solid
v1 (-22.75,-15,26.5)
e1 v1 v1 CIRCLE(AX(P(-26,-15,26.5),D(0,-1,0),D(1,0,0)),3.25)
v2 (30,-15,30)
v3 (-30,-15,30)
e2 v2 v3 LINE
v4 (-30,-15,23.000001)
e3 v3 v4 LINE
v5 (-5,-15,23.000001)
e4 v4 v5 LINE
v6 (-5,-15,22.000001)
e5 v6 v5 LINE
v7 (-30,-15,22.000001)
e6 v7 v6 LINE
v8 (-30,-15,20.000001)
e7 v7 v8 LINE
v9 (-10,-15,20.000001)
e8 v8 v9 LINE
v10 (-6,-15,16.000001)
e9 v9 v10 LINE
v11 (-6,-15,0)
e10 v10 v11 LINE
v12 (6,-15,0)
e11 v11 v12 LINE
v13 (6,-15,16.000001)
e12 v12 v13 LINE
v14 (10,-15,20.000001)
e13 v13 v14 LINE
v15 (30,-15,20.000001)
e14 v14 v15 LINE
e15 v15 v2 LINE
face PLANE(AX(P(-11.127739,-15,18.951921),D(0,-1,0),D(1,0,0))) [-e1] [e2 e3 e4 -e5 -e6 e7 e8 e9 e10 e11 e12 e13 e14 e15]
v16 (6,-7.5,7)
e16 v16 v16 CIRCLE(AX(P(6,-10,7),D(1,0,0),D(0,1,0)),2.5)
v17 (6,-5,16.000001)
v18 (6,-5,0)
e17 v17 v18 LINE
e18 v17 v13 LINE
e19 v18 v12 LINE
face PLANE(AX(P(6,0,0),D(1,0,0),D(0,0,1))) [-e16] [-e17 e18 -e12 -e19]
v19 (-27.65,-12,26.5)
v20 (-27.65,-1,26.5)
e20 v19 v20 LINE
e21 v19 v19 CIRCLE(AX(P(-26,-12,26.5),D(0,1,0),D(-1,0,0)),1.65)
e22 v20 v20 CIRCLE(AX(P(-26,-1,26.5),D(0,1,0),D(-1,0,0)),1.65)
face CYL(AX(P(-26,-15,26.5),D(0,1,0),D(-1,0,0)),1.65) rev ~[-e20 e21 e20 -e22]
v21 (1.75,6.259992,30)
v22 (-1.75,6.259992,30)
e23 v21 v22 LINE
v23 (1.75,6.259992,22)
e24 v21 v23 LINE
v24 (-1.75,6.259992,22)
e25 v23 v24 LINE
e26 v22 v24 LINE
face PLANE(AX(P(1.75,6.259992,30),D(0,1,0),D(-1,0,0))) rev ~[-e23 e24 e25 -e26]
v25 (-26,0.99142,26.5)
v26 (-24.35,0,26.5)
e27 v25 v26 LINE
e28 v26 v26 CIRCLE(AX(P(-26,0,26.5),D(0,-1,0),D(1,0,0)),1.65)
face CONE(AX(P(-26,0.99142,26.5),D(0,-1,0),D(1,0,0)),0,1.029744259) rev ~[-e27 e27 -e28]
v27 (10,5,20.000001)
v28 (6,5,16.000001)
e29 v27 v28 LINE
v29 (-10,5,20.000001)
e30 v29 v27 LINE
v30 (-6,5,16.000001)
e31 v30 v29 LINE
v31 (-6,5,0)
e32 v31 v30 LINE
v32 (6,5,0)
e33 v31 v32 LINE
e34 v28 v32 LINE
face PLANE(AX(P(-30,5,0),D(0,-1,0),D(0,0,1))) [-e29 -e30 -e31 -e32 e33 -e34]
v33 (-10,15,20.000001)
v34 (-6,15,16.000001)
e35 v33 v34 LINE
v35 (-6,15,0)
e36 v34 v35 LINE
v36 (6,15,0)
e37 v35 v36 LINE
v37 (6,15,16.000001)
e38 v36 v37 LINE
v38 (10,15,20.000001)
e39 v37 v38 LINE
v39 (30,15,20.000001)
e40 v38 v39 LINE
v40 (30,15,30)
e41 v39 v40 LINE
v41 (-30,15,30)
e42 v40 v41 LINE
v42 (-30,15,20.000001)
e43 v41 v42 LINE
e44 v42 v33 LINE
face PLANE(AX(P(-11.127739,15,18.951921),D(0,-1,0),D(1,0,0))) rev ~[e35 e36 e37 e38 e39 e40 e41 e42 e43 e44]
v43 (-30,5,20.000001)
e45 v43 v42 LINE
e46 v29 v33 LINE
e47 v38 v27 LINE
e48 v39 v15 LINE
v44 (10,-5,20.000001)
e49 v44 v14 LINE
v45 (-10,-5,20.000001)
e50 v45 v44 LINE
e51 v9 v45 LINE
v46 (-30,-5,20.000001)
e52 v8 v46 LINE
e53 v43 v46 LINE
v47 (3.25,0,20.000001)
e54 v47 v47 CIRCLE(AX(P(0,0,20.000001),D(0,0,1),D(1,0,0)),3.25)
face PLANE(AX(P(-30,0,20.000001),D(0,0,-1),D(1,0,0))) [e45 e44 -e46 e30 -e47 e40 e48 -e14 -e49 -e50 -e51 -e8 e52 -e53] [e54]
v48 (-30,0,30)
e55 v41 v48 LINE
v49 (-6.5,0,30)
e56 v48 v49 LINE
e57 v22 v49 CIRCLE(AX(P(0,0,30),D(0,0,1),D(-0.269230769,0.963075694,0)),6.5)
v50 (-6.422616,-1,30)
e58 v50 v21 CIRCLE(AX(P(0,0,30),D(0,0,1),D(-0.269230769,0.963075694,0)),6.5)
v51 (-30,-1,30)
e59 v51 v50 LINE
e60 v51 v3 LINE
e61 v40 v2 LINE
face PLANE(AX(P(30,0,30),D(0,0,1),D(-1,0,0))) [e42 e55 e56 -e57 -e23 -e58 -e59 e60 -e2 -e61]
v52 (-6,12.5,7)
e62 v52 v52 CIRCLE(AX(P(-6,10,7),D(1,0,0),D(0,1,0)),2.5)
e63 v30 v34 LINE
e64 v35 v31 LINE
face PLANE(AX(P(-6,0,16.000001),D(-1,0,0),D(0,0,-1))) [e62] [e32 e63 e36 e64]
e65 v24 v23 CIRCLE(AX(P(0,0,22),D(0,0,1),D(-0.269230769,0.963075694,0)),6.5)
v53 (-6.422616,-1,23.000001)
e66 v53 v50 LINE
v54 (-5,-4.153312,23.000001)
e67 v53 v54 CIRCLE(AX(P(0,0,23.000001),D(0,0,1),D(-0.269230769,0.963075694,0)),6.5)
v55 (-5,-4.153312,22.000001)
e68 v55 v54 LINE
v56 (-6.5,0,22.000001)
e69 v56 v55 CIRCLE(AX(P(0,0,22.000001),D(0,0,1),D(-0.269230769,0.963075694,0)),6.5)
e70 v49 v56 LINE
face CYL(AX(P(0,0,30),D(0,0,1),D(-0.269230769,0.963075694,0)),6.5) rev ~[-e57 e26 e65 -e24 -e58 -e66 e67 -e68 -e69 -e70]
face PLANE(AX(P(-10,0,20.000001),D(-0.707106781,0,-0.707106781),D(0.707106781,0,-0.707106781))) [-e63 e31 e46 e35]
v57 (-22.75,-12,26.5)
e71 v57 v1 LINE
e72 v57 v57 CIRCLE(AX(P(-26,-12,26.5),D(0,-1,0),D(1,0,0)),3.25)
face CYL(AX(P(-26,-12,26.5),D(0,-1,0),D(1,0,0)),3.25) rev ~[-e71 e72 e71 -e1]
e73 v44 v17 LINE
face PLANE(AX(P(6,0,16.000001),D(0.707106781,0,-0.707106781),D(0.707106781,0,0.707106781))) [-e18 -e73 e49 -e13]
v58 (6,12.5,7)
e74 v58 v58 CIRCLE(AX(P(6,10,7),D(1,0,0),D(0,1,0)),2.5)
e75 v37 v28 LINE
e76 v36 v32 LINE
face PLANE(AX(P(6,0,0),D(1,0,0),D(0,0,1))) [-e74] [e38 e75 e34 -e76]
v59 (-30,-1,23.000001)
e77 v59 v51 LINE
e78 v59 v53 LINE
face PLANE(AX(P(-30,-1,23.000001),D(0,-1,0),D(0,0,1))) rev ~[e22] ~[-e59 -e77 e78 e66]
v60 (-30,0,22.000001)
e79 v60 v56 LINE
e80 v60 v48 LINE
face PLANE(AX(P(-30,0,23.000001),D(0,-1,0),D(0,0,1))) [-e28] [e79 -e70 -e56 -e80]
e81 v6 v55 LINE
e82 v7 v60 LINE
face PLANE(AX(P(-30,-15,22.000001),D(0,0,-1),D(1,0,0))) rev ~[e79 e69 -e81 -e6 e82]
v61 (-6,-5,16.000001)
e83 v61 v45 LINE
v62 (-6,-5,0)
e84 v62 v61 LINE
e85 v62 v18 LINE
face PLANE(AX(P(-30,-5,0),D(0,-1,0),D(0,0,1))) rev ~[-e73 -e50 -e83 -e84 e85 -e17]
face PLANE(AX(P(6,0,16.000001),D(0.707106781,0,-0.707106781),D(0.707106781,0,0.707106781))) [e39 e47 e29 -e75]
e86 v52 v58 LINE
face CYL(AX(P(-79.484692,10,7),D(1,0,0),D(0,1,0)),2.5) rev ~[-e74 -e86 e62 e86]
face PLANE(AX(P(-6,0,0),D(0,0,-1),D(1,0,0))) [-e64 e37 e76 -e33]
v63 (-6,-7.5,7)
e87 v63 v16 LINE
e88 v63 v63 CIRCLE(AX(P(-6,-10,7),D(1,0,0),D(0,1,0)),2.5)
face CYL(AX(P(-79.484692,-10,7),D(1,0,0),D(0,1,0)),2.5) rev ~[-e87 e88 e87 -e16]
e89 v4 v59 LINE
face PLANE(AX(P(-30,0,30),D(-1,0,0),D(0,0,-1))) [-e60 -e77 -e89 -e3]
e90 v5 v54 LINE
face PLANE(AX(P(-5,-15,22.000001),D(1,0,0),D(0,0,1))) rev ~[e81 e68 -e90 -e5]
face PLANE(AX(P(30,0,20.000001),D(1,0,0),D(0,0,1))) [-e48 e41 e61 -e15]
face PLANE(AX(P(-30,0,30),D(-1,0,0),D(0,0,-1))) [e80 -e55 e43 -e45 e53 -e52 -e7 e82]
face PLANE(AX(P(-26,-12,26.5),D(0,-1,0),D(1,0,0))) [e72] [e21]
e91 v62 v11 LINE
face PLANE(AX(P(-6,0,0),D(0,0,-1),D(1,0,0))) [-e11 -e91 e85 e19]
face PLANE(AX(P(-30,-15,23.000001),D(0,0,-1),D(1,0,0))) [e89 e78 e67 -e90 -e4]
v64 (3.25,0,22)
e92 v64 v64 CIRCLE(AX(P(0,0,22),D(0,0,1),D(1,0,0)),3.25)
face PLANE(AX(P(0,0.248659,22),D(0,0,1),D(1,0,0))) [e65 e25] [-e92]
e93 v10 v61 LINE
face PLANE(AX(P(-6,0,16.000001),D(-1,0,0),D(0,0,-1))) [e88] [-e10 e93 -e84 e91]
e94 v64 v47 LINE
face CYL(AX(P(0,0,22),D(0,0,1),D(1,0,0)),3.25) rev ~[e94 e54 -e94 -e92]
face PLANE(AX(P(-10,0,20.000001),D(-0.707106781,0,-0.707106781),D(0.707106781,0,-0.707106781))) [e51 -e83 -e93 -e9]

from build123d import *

# Parameters (mm, degrees)
F1_DEPTH        = 15
F3_DEPTH        = 8
F4_R            = 3.25
F5_DEPTH        = 22.001
F6_W            = 10
F6_H            = 20.0000007821
F7_DEPTH        = 60.001
F8_W            = 25
F8_H            = 1
F9_DEPTH        = 15
F10_W           = 1
F10_H           = 6.9999992179
F11_DEPTH       = 25
F13_D           = 3.3
F13_DEPTH       = 15
F13_CBORE_D     = 6.5
F13_CBORE_DEPTH = 3
F13_TIP         = 0.9914200214
F15_D           = 5


with BuildPart() as f1:
    # F0 (on Front) → F1 (new body, symmetric)
    with BuildSketch(Plane.XZ):
        Polygon((-6, 16.0000007821), (-6, 0), (0, 0), (0, 30), (-30, 30), (-30, 20.0000007821), (-10, 20.0000007821), align=None)
        Polygon((0, 30), (0, 0), (6, 0), (6, 16.0000007821), (10, 20.0000007821), (30, 20.0000007821), (30, 30), align=None)
    extrude(amount=F1_DEPTH, both=True)

    # F2 (on face) → F3 (cut)
    with BuildSketch(Plane.XY.offset(30)):
        with BuildLine():
            Line((1.75, 6.2599920128), (-1.75, 6.2599920128))
            ThreePointArc((-1.75, 6.2599920128), (0, -6.5), (1.75, 6.2599920128))
        make_face()
    extrude(amount=-F3_DEPTH, mode=Mode.SUBTRACT)

    # F4 (on face) → F5 (cut, through all)
    with BuildSketch(Plane.XY.offset(22)):
        Circle(F4_R)
    extrude(amount=-F5_DEPTH, mode=Mode.SUBTRACT)

    # F6 (on face) → F7 (cut, through all)
    with BuildSketch(Plane(origin=(-30, 0, 0), x_dir=(0, -1, 0), z_dir=(-1, 0, 0))):
        with Locations((0, 10.0000003911)):
            Rectangle(F6_W, F6_H)
    extrude(amount=-F7_DEPTH, mode=Mode.SUBTRACT)

    # F8 (on face) → F9 (cut)
    with BuildSketch(Plane.XZ.offset(15)):
        with Locations((-17.5, 22.5000007821)):
            Rectangle(F8_W, F8_H)
    extrude(amount=-F9_DEPTH, mode=Mode.SUBTRACT)

    # F10 (on face) → F11 (cut)
    with BuildSketch(Plane(origin=(-30, 0, 0), x_dir=(0, -1, 0), z_dir=(-1, 0, 0))):
        with Locations((0.5, 26.5000003911)):
            Rectangle(F10_W, F10_H)
    extrude(amount=-F11_DEPTH, mode=Mode.SUBTRACT)

    # F13
    with Locations(Plane.XZ.offset(15)):
        with Locations((-26, 26.5)):
            CounterBoreHole(F13_D / 2, F13_CBORE_D / 2, F13_CBORE_DEPTH, depth=F13_DEPTH)
            with Locations((0, 0, -(F13_DEPTH + F13_TIP / 2))):  # 118° drill point
                Cone(0, F13_D / 2, F13_TIP, mode=Mode.SUBTRACT)

    # F15 (through all)
    with Locations(Plane(origin=(-6, 0, 0), x_dir=(0, -1, 0), z_dir=(-1, 0, 0))):
        with Locations((-10, 7), (10, 7)):
            Hole(F15_D / 2)


solid = f1.part
